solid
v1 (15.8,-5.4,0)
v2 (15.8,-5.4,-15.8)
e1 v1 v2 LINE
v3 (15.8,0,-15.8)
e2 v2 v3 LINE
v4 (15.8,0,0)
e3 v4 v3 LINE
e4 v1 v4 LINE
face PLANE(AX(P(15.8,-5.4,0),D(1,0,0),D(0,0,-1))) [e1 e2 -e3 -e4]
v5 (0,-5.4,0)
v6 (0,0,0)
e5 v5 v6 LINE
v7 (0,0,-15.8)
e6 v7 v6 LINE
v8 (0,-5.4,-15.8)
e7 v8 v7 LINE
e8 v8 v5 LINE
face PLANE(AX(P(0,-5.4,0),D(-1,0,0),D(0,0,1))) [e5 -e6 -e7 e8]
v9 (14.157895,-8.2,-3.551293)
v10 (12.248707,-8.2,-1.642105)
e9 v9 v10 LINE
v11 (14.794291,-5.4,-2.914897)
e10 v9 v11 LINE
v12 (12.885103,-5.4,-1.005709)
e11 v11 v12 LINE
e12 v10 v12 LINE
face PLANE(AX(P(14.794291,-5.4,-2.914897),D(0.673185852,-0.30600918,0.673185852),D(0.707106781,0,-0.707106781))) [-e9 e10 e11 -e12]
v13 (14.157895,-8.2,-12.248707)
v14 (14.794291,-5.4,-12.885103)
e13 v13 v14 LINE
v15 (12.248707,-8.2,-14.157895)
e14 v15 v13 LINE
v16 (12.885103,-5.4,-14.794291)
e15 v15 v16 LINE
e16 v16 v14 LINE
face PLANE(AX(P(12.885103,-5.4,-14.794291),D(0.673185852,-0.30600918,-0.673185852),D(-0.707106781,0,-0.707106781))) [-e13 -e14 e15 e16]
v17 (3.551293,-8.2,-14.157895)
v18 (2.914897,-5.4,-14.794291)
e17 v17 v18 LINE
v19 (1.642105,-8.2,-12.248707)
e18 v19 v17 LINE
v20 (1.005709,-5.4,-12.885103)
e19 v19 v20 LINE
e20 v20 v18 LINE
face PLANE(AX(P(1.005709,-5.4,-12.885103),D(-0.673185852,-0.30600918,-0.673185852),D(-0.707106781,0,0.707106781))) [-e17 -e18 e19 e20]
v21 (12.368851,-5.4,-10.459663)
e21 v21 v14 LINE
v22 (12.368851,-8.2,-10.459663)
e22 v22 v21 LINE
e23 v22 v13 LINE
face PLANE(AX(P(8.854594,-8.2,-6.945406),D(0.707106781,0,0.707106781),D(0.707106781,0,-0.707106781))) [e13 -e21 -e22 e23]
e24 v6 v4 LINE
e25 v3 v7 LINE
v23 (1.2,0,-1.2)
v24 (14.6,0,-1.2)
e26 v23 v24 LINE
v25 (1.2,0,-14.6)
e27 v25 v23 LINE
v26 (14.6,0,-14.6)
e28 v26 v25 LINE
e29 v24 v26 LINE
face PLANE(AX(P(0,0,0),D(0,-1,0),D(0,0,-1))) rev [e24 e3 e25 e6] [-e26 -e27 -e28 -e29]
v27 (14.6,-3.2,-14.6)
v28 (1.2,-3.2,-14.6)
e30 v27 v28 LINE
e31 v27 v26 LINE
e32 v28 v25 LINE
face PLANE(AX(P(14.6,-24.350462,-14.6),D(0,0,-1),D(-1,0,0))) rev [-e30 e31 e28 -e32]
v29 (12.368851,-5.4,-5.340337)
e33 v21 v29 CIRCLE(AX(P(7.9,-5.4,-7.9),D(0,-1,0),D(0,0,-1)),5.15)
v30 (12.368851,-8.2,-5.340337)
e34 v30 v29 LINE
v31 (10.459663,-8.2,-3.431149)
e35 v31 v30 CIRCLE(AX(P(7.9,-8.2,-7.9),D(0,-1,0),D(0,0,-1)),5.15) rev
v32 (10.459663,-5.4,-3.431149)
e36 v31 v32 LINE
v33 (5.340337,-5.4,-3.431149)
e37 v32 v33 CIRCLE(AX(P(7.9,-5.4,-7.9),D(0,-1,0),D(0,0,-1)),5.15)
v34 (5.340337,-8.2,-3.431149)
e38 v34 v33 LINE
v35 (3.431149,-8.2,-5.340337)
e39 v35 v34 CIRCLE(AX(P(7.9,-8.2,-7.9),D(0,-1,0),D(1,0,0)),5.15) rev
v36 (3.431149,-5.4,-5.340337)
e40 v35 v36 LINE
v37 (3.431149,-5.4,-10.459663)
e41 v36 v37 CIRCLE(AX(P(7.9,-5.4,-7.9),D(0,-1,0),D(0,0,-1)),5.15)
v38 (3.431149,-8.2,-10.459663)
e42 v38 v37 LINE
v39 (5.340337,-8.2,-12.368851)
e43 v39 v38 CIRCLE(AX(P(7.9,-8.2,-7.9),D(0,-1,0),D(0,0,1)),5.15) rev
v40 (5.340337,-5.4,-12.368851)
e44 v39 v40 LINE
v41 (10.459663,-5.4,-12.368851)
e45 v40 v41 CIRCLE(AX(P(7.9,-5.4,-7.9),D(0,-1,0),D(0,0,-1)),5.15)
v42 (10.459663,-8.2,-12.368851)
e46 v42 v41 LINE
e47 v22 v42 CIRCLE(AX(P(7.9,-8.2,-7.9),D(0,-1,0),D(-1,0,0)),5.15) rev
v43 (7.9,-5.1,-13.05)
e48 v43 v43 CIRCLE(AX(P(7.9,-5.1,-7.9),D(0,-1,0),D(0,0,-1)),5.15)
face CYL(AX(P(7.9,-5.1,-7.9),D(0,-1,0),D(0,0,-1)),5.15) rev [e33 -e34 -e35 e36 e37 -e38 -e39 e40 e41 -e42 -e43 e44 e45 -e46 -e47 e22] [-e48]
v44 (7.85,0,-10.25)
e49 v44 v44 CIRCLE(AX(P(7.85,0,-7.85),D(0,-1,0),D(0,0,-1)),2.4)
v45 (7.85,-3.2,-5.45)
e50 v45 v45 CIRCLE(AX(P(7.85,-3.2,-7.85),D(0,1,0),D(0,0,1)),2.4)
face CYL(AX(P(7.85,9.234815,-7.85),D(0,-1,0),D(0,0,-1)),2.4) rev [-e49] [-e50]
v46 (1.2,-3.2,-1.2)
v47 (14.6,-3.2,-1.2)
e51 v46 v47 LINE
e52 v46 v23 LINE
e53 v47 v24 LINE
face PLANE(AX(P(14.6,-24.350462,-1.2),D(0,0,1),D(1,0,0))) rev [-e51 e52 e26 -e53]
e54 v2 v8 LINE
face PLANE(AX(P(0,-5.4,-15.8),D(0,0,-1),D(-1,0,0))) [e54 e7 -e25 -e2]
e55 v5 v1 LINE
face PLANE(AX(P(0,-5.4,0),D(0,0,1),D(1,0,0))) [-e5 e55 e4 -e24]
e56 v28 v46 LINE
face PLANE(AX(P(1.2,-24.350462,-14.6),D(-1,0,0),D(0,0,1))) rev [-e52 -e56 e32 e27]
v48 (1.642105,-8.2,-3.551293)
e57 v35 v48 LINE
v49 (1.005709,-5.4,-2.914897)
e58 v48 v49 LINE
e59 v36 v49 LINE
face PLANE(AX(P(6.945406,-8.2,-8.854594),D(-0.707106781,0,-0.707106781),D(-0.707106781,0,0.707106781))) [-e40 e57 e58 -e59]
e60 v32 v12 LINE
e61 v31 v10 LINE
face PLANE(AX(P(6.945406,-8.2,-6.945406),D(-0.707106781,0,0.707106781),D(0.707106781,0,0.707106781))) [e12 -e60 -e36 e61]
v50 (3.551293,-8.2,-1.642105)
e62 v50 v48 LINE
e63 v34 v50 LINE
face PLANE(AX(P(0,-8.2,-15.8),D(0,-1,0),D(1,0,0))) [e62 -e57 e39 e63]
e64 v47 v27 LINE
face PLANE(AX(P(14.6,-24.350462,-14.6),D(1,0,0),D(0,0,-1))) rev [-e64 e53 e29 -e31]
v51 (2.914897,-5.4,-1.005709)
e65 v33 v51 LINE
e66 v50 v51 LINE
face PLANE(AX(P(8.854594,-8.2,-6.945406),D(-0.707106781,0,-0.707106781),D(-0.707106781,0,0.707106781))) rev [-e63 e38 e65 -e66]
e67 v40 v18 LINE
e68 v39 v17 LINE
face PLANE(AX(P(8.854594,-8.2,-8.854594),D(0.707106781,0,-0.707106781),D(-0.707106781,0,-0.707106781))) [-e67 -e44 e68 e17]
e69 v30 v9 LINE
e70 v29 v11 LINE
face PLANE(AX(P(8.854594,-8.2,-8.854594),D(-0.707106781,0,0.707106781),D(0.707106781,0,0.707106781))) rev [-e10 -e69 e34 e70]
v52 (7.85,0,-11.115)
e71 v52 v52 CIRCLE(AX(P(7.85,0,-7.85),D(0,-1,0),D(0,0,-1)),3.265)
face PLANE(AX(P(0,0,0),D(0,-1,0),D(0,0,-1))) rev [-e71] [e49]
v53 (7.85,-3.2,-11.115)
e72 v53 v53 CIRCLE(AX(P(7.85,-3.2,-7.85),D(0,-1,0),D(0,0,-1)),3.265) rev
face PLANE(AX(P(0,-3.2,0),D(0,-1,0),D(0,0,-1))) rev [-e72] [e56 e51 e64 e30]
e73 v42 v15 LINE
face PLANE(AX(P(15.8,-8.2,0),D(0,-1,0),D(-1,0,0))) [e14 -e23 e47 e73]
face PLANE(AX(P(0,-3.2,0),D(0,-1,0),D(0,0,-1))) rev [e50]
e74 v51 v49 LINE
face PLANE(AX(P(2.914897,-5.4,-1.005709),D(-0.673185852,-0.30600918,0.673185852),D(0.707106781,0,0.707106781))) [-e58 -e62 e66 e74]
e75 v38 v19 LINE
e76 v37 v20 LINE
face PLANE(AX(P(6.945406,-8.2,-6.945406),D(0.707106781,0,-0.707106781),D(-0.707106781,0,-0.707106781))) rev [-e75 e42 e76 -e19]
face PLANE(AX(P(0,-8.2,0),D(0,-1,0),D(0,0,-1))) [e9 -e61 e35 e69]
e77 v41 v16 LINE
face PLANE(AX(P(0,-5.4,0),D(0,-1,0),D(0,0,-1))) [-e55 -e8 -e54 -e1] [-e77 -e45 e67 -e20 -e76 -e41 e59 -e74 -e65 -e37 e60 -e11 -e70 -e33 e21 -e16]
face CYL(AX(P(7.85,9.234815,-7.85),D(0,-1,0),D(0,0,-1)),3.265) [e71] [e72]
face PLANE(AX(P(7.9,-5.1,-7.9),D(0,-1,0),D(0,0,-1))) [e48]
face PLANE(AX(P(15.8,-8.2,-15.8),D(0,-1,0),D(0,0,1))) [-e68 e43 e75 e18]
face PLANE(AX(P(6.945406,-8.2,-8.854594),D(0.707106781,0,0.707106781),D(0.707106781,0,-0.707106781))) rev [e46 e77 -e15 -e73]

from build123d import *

# Parameters (mm, degrees)
SKETCH2_W            = 15.8
SKETCH2_H            = 15.8
BOSS_EXTRUDE2_DEPTH  = 5.4
SKETCH4_W            = 13.4
SKETCH4_H            = 13.4
CUT_EXTRUDE1_DEPTH   = 3.2
SKETCH7_R            = 3.265
SKETCH7_R_2          = 2.4
BOSS_EXTRUDE5_DEPTH  = 3.2
SKETCH8_R            = 5.15
CUT_EXTRUDE2_DEPTH   = 0.3
BOSS_EXTRUDE8_DEPTH  = 2.8
BOSS_EXTRUDE11_DEPTH = 2.7
CIRPATTERN1_COUNT    = 4


with BuildPart() as part:
    # Sketch2 → Boss-Extrude2 (new body)
    with BuildSketch(Plane(origin=(0, 0, 0), x_dir=(1, 0, 0), z_dir=(0, 1, 0))):
        with Locations((7.9, 7.9)):
            Rectangle(SKETCH2_W, SKETCH2_H)
    extrude(amount=-BOSS_EXTRUDE2_DEPTH)

    # Sketch4 → Cut-Extrude1 (cut)
    with BuildSketch(Plane(origin=(0, 0, 0), x_dir=(1, 0, 0), z_dir=(0, 1, 0))):
        with Locations((7.9, 7.9)):
            Rectangle(SKETCH4_W, SKETCH4_H)
    extrude(amount=-CUT_EXTRUDE1_DEPTH, mode=Mode.SUBTRACT)

    # Sketch7 → Boss-Extrude5 (add)
    with BuildSketch(Plane(origin=(0, -3.2, 0), x_dir=(1, 0, 0), z_dir=(0, 1, 0))):
        with Locations((7.85, 7.85)):
            Circle(SKETCH7_R)
        with Locations((7.85, 7.85)):
            Circle(SKETCH7_R_2, mode=Mode.SUBTRACT)
    extrude(amount=BOSS_EXTRUDE5_DEPTH)

    # Sketch8 → Cut-Extrude2 (cut)
    with BuildSketch(Plane(origin=(0, -5.4, 0), x_dir=(-1, 0, 0), z_dir=(0, -1, 0))):
        with Locations((-7.9, 7.9)):
            Circle(SKETCH8_R)
    extrude(amount=-CUT_EXTRUDE2_DEPTH, mode=Mode.SUBTRACT)

    # Sketch11 → Boss-Extrude8 (add)
    with BuildSketch(Plane.XZ.offset(5.4)):
        Polygon((11.683021279, -2.207790411), (12.637615434, -3.162384566), (13.203300859, -2.596699141), (12.248706704, -1.642104986), align=None)
        with BuildLine():
            ThreePointArc((11.585853022, -2.304958669), (12.133497372, -2.706975833), (12.637615434, -3.162384566))
            Line((12.637615434, -3.162384566), (11.683021279, -2.207790411))
            Line((11.683021279, -2.207790411), (11.585853022, -2.304958669))
        make_face()
        with BuildLine():
            ThreePointArc((10.459662524, -3.431149167), (11.028098464, -3.808851017), (11.541599923, -4.258400077))
            Line((11.541599923, -4.258400077), (12.637615434, -3.162384566))
            ThreePointArc((12.637615434, -3.162384566), (12.133497372, -2.706975833), (11.585853022, -2.304958669))
            Line((11.585853022, -2.304958669), (10.459662524, -3.431149167))
        make_face()
        with BuildLine():
            Line((12.637615434, -3.162384566), (11.541599923, -4.258400077))
            ThreePointArc((11.541599923, -4.258400077), (11.991148983, -4.771901536), (12.368850833, -5.340337476))
            Line((12.368850833, -5.340337476), (13.495041331, -4.214146978))
            ThreePointArc((13.495041331, -4.214146978), (13.093024167, -3.666502628), (12.637615434, -3.162384566))
        make_face()
        with BuildLine():
            Line((13.592209589, -4.116978721), (12.637615434, -3.162384566))
            ThreePointArc((12.637615434, -3.162384566), (13.093024167, -3.666502628), (13.495041331, -4.214146978))
            Line((13.495041331, -4.214146978), (13.592209589, -4.116978721))
        make_face()
        Polygon((13.203300859, -2.596699141), (12.637615434, -3.162384566), (13.592209589, -4.116978721), (14.157895014, -3.551293296), align=None)
    boss_extrude8 = extrude(amount=BOSS_EXTRUDE8_DEPTH)

    # Sketch29 → Boss-Extrude11 (add)
    with BuildSketch(Plane(origin=(6.945405845, 0, -6.945405845), x_dir=(0.707106781, 0, 0.707106781), z_dir=(-0.707106781, 0, 0.707106781))):
        Polygon((7.5, -8.2), (7.5, -5.4), (8.4, -5.4), align=None)
    boss_extrude11 = extrude(amount=-BOSS_EXTRUDE11_DEPTH)

    # CirPattern1: Boss-Extrude8, Boss-Extrude11 ×4 about axis
    cirpattern1_axis = Axis((7.9, 0, -7.9), (0, 1, 0))
    for i in range(1, CIRPATTERN1_COUNT):
        add(boss_extrude8.rotate(cirpattern1_axis, i * 360 / CIRPATTERN1_COUNT))
        add(boss_extrude11.rotate(cirpattern1_axis, i * 360 / CIRPATTERN1_COUNT))


solid = part.part
